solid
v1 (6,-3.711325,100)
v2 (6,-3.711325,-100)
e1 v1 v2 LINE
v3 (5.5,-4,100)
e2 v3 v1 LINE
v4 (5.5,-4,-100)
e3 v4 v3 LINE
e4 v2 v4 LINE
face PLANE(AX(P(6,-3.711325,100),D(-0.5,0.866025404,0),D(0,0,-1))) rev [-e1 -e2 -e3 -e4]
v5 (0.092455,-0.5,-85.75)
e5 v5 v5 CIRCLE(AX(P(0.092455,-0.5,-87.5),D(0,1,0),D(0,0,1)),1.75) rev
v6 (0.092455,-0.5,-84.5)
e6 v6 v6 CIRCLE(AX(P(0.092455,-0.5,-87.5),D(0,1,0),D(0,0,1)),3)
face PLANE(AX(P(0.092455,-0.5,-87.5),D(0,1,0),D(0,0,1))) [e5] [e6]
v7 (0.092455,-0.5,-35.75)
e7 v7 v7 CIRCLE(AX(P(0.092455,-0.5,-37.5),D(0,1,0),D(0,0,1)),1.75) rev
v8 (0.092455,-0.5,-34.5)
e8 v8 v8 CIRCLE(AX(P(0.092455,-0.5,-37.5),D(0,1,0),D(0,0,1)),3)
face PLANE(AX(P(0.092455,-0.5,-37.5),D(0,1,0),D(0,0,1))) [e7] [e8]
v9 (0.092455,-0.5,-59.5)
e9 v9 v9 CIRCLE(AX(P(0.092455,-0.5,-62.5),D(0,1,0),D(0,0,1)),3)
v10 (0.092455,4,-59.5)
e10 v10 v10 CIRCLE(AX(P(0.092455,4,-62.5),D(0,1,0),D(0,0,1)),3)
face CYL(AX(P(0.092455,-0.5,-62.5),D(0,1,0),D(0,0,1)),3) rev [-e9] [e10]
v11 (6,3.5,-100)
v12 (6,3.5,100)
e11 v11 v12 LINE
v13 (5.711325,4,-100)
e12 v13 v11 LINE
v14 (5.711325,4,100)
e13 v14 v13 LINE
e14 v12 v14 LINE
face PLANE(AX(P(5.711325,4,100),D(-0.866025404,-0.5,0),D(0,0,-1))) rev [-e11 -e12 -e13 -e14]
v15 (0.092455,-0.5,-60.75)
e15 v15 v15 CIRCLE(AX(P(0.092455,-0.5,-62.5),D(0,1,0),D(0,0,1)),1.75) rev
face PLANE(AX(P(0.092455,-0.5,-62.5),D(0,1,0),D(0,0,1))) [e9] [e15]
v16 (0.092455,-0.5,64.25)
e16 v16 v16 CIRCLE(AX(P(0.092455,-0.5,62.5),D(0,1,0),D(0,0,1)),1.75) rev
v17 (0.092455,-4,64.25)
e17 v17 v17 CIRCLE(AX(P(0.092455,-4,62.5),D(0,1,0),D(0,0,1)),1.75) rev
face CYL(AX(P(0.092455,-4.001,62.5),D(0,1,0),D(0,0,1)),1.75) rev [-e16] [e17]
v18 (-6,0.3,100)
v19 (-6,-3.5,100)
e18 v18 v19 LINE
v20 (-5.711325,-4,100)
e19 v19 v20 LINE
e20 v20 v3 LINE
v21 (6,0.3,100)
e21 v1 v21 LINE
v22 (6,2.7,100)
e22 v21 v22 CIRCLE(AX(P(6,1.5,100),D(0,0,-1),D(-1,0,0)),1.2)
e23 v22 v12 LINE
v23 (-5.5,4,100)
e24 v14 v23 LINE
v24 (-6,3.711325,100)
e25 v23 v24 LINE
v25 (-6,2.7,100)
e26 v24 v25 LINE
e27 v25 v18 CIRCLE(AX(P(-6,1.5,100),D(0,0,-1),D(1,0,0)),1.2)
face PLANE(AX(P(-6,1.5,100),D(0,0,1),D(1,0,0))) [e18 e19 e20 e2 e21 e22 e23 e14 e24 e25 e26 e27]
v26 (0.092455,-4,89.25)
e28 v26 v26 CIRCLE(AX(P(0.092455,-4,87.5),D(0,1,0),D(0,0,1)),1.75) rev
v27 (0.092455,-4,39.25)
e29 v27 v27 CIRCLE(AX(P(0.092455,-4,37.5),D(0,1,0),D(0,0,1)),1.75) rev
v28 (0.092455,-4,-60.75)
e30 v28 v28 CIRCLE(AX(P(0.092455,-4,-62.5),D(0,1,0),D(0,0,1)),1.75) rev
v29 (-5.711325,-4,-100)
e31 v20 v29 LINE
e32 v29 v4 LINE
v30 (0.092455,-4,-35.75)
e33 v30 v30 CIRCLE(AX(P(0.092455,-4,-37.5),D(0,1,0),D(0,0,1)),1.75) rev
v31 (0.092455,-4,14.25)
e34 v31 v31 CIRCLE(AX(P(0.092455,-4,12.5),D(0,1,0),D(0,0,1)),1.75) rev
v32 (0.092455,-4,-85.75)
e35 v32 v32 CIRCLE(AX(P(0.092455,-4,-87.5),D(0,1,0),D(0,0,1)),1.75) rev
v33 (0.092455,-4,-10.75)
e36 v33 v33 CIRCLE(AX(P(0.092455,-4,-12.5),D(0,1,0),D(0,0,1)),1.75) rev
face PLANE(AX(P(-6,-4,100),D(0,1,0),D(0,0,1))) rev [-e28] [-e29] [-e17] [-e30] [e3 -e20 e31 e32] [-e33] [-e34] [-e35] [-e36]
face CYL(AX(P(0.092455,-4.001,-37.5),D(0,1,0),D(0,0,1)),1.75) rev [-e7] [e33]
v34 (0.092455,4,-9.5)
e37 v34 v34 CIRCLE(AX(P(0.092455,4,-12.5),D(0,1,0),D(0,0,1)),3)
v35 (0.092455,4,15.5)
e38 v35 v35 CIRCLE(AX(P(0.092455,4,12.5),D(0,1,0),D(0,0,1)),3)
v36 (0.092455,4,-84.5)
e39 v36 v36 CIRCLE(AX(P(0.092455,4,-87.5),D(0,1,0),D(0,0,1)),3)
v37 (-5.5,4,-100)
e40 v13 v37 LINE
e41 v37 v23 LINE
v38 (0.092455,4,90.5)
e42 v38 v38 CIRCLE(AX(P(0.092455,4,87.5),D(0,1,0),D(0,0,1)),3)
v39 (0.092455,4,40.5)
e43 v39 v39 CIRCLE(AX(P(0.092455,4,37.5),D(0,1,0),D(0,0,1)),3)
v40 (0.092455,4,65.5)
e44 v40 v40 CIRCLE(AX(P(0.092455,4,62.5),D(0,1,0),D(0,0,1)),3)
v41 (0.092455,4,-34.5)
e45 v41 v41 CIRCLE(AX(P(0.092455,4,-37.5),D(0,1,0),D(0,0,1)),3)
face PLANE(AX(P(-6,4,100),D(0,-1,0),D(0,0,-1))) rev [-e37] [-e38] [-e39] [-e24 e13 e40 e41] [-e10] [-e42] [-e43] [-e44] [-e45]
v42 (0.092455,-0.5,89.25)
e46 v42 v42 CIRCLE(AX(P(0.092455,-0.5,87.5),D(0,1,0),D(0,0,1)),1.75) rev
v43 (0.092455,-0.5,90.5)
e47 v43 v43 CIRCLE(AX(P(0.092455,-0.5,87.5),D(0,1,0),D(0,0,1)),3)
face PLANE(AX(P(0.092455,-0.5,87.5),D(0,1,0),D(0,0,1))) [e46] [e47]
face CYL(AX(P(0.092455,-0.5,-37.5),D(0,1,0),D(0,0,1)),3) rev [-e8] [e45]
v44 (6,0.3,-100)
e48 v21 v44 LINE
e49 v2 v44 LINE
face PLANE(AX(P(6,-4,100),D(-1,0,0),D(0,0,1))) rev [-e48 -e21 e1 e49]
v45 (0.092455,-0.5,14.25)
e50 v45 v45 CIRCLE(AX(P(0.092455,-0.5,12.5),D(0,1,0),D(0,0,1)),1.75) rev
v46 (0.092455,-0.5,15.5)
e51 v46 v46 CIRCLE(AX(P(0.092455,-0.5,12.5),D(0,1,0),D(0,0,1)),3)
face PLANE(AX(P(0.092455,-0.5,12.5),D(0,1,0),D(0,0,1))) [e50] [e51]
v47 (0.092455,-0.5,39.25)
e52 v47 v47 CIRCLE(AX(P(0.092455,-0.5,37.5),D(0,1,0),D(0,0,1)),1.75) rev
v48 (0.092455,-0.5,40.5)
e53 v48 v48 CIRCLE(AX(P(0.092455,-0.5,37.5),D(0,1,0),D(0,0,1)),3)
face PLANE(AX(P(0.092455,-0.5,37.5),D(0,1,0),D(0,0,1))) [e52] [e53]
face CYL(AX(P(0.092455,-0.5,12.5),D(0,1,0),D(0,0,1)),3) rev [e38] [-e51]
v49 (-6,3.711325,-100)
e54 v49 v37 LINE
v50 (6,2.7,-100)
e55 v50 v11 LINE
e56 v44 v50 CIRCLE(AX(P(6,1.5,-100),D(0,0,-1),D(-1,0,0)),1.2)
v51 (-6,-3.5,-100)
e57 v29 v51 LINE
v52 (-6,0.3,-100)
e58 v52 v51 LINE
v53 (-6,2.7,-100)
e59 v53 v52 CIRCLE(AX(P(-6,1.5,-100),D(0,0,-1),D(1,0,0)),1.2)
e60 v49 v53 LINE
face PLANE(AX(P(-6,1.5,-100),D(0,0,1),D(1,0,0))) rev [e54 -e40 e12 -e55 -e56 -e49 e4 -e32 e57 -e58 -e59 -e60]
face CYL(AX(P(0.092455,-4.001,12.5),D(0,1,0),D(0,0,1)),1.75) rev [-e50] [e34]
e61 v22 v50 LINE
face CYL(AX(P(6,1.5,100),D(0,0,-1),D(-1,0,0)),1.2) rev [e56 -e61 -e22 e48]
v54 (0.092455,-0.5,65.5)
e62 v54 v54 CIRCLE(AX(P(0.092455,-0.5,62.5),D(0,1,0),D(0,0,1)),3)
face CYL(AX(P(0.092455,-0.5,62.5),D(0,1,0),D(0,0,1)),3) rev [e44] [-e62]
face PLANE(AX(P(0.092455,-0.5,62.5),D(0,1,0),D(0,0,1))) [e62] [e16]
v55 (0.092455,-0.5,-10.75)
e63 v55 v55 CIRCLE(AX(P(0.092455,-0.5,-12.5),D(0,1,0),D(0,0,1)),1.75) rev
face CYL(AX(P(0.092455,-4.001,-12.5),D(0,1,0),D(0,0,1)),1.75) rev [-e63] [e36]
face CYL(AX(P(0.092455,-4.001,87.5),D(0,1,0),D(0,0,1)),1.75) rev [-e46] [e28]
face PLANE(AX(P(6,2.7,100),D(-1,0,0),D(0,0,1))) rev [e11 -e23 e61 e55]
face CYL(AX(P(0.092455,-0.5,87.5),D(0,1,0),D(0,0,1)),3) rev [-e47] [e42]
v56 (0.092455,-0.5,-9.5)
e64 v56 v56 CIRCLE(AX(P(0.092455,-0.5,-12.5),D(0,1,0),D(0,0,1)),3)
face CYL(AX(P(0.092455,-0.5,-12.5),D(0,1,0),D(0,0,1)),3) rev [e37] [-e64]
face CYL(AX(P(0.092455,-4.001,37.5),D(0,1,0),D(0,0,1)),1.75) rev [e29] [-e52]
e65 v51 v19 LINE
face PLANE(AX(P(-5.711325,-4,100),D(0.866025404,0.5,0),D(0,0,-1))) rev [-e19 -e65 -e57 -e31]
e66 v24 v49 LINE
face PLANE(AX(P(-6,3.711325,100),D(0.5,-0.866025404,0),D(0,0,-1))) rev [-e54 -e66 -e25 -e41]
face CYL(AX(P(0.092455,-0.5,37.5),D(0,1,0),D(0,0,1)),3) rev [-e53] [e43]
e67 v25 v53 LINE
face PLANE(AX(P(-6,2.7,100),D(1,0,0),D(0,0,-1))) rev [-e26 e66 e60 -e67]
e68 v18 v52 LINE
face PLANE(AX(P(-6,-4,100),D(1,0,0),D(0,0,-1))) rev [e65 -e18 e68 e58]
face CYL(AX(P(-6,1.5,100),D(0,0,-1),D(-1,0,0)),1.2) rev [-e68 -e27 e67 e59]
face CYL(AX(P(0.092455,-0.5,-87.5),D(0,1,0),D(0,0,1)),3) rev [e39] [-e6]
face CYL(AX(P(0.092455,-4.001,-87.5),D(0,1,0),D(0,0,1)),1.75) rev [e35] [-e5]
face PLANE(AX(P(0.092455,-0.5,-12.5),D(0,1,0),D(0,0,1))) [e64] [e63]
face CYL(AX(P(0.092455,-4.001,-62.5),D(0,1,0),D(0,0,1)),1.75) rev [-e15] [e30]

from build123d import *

# Parameters (mm, degrees)
BOSS_EXTRUDE1_DEPTH   = 100
CHAMFER1_SIZE         = 0.5
CHAMFER1_SIZE2        = 0.288675135
CHAMFER1_PART_2_SIZE  = 0.5
CHAMFER1_PART_2_SIZE2 = 0.288675135
CHAMFER1_PART_3_SIZE  = 0.5
CHAMFER1_PART_3_SIZE2 = 0.288675135
CHAMFER1_PART_4_SIZE  = 0.5
CHAMFER1_PART_4_SIZE2 = 0.288675135
SKETCH2_R             = 1.75
CUT_EXTRUDE1_DEPTH    = 8
SKETCH3_R             = 3
CUT_EXTRUDE2_DEPTH    = 4.5
LPATTERN1_COUNT       = 8
LPATTERN1_PITCH       = 25


with BuildPart() as part:
    # Sketch1 → Boss-Extrude1 (new body, symmetric)
    with BuildSketch(Plane.XY):
        with BuildLine():
            Line((-6, -4), (6, -4))
            Line((6, -4), (6, 0.3))
            ThreePointArc((6, 0.3), (4.8, 1.5), (6, 2.7))
            Line((6, 2.7), (6, 4))
            Line((6, 4), (-6, 4))
            Line((-6, 4), (-6, 2.7))
            ThreePointArc((-6, 2.7), (-4.8, 1.5), (-6, 0.3))
            Line((-6, 0.3), (-6, -4))
        make_face()
    extrude(amount=BOSS_EXTRUDE1_DEPTH, both=True)

    # Chamfer1
    chamfer1_edges = [part.edges().sort_by_distance(p)[0] for p in [
        (6, -4, 0),
    ]]
    chamfer1_side = [part.faces().sort_by_distance(p)[0] for p in [
        (0, -4, 0),
    ]]
    chamfer(chamfer1_edges, length=CHAMFER1_SIZE, length2=CHAMFER1_SIZE2, reference=chamfer1_side[0])

    # Chamfer1 part 2
    chamfer1_part_2_edges = [part.edges().sort_by_distance(p)[0] for p in [
        (-6, -4, 0),
    ]]
    chamfer1_part_2_side = [part.faces().sort_by_distance(p)[0] for p in [
        (-6, -1.85, 0),
    ]]
    chamfer(chamfer1_part_2_edges, length=CHAMFER1_PART_2_SIZE, length2=CHAMFER1_PART_2_SIZE2, reference=chamfer1_part_2_side[0])

    # Chamfer1 part 3
    chamfer1_part_3_edges = [part.edges().sort_by_distance(p)[0] for p in [
        (-6, 4, 0),
    ]]
    chamfer1_part_3_side = [part.faces().sort_by_distance(p)[0] for p in [
        (0, 4, 0),
    ]]
    chamfer(chamfer1_part_3_edges, length=CHAMFER1_PART_3_SIZE, length2=CHAMFER1_PART_3_SIZE2, reference=chamfer1_part_3_side[0])

    # Chamfer1 part 4
    chamfer1_part_4_edges = [part.edges().sort_by_distance(p)[0] for p in [
        (6, 4, 0),
    ]]
    chamfer1_part_4_side = [part.faces().sort_by_distance(p)[0] for p in [
        (6, 3.35, 0),
    ]]
    chamfer(chamfer1_part_4_edges, length=CHAMFER1_PART_4_SIZE, length2=CHAMFER1_PART_4_SIZE2, reference=chamfer1_part_4_side[0])

    # Sketch2 → Cut-Extrude1 (cut)
    with BuildSketch(Plane(origin=(0, 4, 0), x_dir=(1, 0, 0), z_dir=(0, 1, 0))):
        with Locations((0.092454629, -87.5)):
            Circle(SKETCH2_R)
    cut_extrude1 = extrude(amount=-CUT_EXTRUDE1_DEPTH, mode=Mode.SUBTRACT)

    # Sketch3 → Cut-Extrude2 (cut)
    with BuildSketch(Plane(origin=(0, 4, 0), x_dir=(1, 0, 0), z_dir=(0, 1, 0))):
        with Locations((0.092454629, -87.5)):
            Circle(SKETCH3_R)
    cut_extrude2 = extrude(amount=-CUT_EXTRUDE2_DEPTH, mode=Mode.SUBTRACT)

    # LPattern1: Cut-Extrude1, Cut-Extrude2 ×8
    with Locations(*[(0, 0, -i * LPATTERN1_PITCH) for i in range(1, LPATTERN1_COUNT)]):
        add(cut_extrude1, mode=Mode.SUBTRACT)
        add(cut_extrude2, mode=Mode.SUBTRACT)


solid = part.part
